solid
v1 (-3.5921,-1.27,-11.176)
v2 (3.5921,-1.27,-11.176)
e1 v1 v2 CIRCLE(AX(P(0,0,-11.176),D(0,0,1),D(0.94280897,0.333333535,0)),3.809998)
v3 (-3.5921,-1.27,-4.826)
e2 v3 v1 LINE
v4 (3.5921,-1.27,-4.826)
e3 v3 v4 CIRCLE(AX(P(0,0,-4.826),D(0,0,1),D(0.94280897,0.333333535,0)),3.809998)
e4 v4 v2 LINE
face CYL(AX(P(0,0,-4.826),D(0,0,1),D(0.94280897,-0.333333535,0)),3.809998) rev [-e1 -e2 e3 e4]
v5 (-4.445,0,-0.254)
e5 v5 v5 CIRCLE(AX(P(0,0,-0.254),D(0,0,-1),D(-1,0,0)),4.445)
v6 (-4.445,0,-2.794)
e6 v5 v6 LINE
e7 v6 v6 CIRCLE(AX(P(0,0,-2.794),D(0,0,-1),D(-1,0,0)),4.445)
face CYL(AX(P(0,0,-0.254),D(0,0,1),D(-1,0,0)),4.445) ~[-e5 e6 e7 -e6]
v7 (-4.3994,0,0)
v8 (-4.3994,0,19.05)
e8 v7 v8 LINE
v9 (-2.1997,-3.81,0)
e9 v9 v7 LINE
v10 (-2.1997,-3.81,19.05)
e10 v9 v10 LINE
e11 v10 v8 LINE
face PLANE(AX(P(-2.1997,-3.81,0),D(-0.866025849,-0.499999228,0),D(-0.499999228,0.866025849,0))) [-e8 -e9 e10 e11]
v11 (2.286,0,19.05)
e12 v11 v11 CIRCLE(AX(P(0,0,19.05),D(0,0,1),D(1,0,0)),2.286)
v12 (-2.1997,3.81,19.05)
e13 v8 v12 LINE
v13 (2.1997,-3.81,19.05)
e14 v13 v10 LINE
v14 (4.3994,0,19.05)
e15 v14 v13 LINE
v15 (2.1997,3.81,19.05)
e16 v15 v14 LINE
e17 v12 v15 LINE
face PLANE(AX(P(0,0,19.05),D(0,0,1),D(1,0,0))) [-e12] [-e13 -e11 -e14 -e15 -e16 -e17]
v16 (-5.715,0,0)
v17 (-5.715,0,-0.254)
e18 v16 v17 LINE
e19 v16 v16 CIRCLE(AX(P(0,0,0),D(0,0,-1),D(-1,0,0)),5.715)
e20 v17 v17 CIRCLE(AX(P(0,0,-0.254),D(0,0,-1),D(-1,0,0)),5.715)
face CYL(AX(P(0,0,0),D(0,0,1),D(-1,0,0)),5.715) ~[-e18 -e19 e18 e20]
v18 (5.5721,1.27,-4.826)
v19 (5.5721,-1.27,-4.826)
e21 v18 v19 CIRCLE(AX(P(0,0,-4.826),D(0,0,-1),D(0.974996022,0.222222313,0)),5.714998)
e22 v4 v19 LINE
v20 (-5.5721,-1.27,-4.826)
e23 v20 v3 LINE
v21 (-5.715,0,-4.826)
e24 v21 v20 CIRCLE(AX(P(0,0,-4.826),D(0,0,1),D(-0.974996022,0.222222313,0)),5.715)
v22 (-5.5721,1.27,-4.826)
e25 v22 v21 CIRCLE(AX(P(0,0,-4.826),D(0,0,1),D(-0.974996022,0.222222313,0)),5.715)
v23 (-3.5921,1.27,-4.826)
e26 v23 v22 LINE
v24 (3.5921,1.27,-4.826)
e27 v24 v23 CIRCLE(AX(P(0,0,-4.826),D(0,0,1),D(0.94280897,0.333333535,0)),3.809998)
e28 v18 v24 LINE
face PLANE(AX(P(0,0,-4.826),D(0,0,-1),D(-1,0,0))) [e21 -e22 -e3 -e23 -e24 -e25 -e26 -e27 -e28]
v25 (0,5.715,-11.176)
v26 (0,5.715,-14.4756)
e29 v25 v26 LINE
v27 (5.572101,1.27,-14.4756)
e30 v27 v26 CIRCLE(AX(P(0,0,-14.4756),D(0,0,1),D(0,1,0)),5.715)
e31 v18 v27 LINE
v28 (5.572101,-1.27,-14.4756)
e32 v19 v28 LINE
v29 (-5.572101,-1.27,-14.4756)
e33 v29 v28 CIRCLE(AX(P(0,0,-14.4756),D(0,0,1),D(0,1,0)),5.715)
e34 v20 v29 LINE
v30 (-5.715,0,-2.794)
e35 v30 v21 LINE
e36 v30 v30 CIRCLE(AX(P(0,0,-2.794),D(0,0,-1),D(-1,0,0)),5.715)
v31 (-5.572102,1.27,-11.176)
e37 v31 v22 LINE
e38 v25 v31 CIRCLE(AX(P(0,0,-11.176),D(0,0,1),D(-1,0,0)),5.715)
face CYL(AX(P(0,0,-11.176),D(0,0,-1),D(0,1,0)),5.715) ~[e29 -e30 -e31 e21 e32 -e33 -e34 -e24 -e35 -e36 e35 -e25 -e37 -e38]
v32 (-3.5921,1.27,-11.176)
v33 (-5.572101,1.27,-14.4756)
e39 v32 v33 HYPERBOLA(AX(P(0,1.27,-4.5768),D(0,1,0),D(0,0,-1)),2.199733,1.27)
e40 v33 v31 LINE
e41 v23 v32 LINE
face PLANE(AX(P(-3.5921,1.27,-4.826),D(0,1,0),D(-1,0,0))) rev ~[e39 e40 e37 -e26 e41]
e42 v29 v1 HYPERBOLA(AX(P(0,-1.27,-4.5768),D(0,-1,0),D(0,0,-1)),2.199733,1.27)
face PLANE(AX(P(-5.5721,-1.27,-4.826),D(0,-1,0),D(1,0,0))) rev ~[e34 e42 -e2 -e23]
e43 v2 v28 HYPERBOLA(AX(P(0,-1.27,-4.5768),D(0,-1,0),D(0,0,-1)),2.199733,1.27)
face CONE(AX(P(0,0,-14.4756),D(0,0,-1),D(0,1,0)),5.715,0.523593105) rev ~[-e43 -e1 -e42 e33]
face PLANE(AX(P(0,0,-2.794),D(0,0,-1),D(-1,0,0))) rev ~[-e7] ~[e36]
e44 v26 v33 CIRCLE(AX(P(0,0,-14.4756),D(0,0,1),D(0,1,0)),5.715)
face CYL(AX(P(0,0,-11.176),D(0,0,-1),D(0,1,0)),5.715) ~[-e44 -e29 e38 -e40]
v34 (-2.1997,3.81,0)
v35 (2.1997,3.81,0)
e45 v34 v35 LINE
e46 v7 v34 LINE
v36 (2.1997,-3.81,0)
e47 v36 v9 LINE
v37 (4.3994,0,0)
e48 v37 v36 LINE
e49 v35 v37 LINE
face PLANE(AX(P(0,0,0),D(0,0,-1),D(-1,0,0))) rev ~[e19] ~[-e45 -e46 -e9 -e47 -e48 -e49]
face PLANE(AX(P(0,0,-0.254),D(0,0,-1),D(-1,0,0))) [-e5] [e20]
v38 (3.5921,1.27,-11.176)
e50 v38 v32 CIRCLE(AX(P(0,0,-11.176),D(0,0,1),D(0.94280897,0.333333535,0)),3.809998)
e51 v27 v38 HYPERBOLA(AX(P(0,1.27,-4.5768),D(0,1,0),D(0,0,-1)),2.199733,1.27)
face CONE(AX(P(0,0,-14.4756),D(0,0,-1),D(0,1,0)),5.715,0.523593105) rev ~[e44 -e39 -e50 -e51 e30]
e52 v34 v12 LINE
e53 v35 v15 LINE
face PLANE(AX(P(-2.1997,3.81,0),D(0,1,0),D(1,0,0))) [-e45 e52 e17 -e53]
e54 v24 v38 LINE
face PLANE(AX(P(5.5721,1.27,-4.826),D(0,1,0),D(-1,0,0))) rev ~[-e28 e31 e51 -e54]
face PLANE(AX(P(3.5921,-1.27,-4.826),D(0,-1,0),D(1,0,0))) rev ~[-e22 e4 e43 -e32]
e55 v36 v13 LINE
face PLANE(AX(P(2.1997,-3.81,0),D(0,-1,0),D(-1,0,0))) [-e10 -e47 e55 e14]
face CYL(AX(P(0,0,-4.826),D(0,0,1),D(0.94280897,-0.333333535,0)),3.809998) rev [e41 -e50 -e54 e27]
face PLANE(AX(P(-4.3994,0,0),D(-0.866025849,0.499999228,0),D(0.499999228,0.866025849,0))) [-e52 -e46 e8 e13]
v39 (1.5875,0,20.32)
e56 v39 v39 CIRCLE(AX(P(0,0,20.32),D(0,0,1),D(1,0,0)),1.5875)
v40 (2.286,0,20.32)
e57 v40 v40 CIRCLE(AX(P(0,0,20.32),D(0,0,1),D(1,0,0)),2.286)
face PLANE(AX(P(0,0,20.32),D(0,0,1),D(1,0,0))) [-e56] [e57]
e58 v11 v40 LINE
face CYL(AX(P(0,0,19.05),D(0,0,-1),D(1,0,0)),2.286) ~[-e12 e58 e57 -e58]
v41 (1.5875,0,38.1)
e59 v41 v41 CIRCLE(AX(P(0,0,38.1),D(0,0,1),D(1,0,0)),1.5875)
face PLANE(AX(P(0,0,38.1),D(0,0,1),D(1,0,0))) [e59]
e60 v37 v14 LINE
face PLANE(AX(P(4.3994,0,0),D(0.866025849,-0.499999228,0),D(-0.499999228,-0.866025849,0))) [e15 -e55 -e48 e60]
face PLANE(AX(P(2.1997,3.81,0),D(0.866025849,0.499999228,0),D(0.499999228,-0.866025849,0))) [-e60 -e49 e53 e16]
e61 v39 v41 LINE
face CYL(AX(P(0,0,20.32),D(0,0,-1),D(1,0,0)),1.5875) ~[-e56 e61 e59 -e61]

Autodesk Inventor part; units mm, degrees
ref_plane "YZ Plane" through (0, 0, 0) normal (1, 0, 0) x (0, 1, 0)
ref_plane "XZ Plane" through (0, 0, 0) normal (0, 1, 0) x (-1, 0, 0)
ref_plane "XY Plane" through (0, 0, 0) normal (0, 0, 1) x (1, 0, 0)
sketch "Sketch1" plane through (0, 0, 0) normal (0, 0, 1) x (1, 0, 0)
  line L0 (2.1997, -3.81) -> (-2.1997, -3.81)
  line L1 (-2.1997, -3.81) -> (-4.3994, 0)
  line L2 (-4.3994, 0) -> (-2.1997, 3.81)
  line L3 (-2.1997, 3.81) -> (2.1997, 3.81)
  line L4 (2.1997, 3.81) -> (4.3994, 0)
  line L5 (4.3994, 0) -> (2.1997, -3.81)
  point P0 (0, 0)
  point P1 (0, 0)
  dimension "d0" = 7.62
extrude "Extrusion1" add sketch "Sketch1" along normal blind 19.05
sketch "Sketch2" plane through (0, 0, 19.05) normal (0, 0, 1) x (1, 0, 0)
  circle A0 centre (0, 0) radius 2.286
  dimension "d3" = 4.572
extrude "Extrusion2" add sketch "Sketch2" along normal blind 1.27
sketch "Sketch3" plane through (0, 0, 20.32) normal (0, 0, 1) x (1, 0, 0)
  circle A0 centre (0, 0) radius 2.286 projected
  circle A1 centre (0, 0) radius 1.5875
  dimension "d6" = 3.175
extrude "Extrusion3" add sketch "Sketch3" along normal blind 17.78 contours A1
thread "Thread1" size "5-40 UNC" class "2A" standard "ANSI Unified Screw Threads" length 8.89
sketch "Sketch4" plane through (0, 0, 0) normal (0, 0, -1) x (-1, 0, 0)
  circle A0 centre (0, 0) radius 5.715
  dimension "d11" = 11.43
extrude "Extrusion4" add sketch "Sketch4" along normal blind 0.254
sketch "Sketch5" plane through (0, 0, -0.254) normal (0, 0, -1) x (-1, 0, 0)
  circle A0 centre (0, 0) radius 5.715 projected
  circle A1 centre (0, 0) radius 4.445
  dimension "d14" = 8.89
extrude "Extrusion5" add sketch "Sketch5" along normal blind 2.54 contours A1
sketch "Sketch6" plane through (0, 0, -2.794) normal (0, 0, -1) x (-1, 0, 0)
  circle A0 centre (0, 0) radius 4.445 projected
  circle A1 centre (0, 0) radius 5.715
  dimension "d17" = 11.43
extrude "Extrusion6" add sketch "Sketch6" along normal blind 2.032 contours A0 | A1
sketch "Sketch7" plane through (0, 0, -4.826) normal (0, 0, -1) x (-1, 0, 0)
  circle A0 centre (0, 0) radius 5.715 projected
  circle A1 centre (0, 0) radius 5.715 projected
  line L0 (0, 6.5237) -> (0, -6.5237) construction
  arc A2 (-3.5921, -1.27) -> (3.5921, -1.27) centre (0, 0) ccw
  arc A3 (3.5921, 1.27) -> (-3.5921, 1.27) centre (0, 0) ccw
  arc A4 (-5.5721, -1.27) -> (5.5721, -1.27) centre (0, 0) ccw
  arc A5 (5.5721, 1.27) -> (-5.5721, 1.27) centre (0, 0) ccw
  arc A6 (-3.5921, 1.27) -> (-3.5921, -1.27) centre (0, 0) ccw
  arc A7 (-5.5721, 1.27) -> (-5.5721, -1.27) centre (0, 0) ccw
  arc A8 (3.5921, -1.27) -> (3.5921, 1.27) centre (0, 0) ccw
  arc A9 (5.5721, -1.27) -> (5.5721, 1.27) centre (0, 0) ccw
  point P0 (-5.715, 1.27)
  point P1 (-5.715, -1.27)
  point P2 (5.715, 1.27)
  point P3 (5.715, -1.27)
extrude "Extrusion8" add sketch "Sketch7" along normal blind 6.35
sketch "Sketch13" plane through (0, 0, 0) normal (1, 0, 0) x (0, 1, 0)
  line L0 (2.286, 20.32) -> (2.286, 19.05) projected
  line L1 (2.286, 19.05) -> (3.81, 19.05) projected
  line L2 (3.81, 19.05) -> (3.81, 0) projected
  line L3 (3.81, 0) -> (5.715, 0) projected
  line L4 (5.715, 0) -> (5.715, -0.254) projected
  line L5 (5.715, -0.254) -> (4.445, -0.254) projected
  line L6 (4.445, -0.254) -> (4.445, -2.794) projected
  line L7 (4.445, -2.794) -> (5.715, -2.794) projected
  line L8 (5.715, -2.794) -> (5.715, -11.176) projected
  line L9 (5.715, -11.176) -> (3.81, -11.176) projected
  line L10 (3.81, -11.176) -> (3.81, -4.826) projected
  line L11 (3.81, -4.826) -> (-3.81, -4.826) projected
  line L12 (-3.81, -4.826) -> (-3.81, -11.176) projected
  line L13 (-3.81, -11.176) -> (-5.715, -11.176) projected
  line L14 (-5.715, -11.176) -> (-5.715, -2.794) projected
  line L15 (-5.715, -2.794) -> (-4.445, -2.794) projected
  line L16 (-4.445, -2.794) -> (-4.445, -0.254) projected
  line L17 (-4.445, -0.254) -> (-5.715, -0.254) projected
  line L18 (-5.715, -0.254) -> (-5.715, 0) projected
  line L19 (-5.715, 0) -> (-3.81, 0) projected
  line L20 (-3.81, 0) -> (-3.81, 19.05) projected
  line L21 (-3.81, 19.05) -> (-2.286, 19.05) projected
  line L22 (-2.286, 19.05) -> (-2.286, 20.32) projected
  line L23 (-2.286, 20.32) -> (-1.5875, 20.32) projected
  line L24 (-1.5875, 20.32) -> (-1.5875, 38.1) projected
  line L25 (-1.5875, 38.1) -> (1.5875, 38.1) projected
  line L26 (1.5875, 38.1) -> (1.5875, 20.32) projected
  line L27 (1.5875, 20.32) -> (2.286, 20.32) projected
  line L28 (5.715, -11.176) -> (5.715, -14.4756)
  line L29 (5.715, -14.4756) -> (3.81, -11.176)
  line L30 (3.81, -11.176) -> (5.715, -11.176)
  line L31 (0, -24.9907) -> (0, 48.6151) projected
  point P0 (0, 0)
  dimension "d32" = 30
revolve "Revolution1" add sketch "Sketch13" angle 360 about axis through (0, 0, -10) along (0, 0, 1) contours L9 L28 L29
sketch "Sketch16" plane through (0, 0, -4.826) normal (0, 0, -1) x (-1, 0, 0)
  circle A0 centre (0, 0) radius 3.81 projected
  line L0 (-5.5721, 1.27) -> (-3.5921, 1.27)
  line L1 (-3.5921, -1.27) -> (-5.5721, -1.27)
  arc A1 (-3.5921, 1.27) -> (-3.5921, -1.27) centre (0, 0) ccw
  arc A2 (-5.5721, 1.27) -> (-5.5721, -1.27) centre (0, 0) ccw
  circle A3 centre (0, 0) radius 5.715 projected
  line L2 (5.5721, -1.27) -> (3.5921, -1.27)
  line L3 (3.5921, 1.27) -> (5.5721, 1.27)
  arc A4 (3.5921, -1.27) -> (3.5921, 1.27) centre (0, 0) ccw
  arc A5 (5.5721, -1.27) -> (5.5721, 1.27) centre (0, 0) ccw
  dimension "d47" = 360
extrude "Extrusion9" cut sketch "Sketch16" along normal up to surface contours A0 L3 A3 L2 | A0 L1 A2 L0
properties part number "Shaft"
